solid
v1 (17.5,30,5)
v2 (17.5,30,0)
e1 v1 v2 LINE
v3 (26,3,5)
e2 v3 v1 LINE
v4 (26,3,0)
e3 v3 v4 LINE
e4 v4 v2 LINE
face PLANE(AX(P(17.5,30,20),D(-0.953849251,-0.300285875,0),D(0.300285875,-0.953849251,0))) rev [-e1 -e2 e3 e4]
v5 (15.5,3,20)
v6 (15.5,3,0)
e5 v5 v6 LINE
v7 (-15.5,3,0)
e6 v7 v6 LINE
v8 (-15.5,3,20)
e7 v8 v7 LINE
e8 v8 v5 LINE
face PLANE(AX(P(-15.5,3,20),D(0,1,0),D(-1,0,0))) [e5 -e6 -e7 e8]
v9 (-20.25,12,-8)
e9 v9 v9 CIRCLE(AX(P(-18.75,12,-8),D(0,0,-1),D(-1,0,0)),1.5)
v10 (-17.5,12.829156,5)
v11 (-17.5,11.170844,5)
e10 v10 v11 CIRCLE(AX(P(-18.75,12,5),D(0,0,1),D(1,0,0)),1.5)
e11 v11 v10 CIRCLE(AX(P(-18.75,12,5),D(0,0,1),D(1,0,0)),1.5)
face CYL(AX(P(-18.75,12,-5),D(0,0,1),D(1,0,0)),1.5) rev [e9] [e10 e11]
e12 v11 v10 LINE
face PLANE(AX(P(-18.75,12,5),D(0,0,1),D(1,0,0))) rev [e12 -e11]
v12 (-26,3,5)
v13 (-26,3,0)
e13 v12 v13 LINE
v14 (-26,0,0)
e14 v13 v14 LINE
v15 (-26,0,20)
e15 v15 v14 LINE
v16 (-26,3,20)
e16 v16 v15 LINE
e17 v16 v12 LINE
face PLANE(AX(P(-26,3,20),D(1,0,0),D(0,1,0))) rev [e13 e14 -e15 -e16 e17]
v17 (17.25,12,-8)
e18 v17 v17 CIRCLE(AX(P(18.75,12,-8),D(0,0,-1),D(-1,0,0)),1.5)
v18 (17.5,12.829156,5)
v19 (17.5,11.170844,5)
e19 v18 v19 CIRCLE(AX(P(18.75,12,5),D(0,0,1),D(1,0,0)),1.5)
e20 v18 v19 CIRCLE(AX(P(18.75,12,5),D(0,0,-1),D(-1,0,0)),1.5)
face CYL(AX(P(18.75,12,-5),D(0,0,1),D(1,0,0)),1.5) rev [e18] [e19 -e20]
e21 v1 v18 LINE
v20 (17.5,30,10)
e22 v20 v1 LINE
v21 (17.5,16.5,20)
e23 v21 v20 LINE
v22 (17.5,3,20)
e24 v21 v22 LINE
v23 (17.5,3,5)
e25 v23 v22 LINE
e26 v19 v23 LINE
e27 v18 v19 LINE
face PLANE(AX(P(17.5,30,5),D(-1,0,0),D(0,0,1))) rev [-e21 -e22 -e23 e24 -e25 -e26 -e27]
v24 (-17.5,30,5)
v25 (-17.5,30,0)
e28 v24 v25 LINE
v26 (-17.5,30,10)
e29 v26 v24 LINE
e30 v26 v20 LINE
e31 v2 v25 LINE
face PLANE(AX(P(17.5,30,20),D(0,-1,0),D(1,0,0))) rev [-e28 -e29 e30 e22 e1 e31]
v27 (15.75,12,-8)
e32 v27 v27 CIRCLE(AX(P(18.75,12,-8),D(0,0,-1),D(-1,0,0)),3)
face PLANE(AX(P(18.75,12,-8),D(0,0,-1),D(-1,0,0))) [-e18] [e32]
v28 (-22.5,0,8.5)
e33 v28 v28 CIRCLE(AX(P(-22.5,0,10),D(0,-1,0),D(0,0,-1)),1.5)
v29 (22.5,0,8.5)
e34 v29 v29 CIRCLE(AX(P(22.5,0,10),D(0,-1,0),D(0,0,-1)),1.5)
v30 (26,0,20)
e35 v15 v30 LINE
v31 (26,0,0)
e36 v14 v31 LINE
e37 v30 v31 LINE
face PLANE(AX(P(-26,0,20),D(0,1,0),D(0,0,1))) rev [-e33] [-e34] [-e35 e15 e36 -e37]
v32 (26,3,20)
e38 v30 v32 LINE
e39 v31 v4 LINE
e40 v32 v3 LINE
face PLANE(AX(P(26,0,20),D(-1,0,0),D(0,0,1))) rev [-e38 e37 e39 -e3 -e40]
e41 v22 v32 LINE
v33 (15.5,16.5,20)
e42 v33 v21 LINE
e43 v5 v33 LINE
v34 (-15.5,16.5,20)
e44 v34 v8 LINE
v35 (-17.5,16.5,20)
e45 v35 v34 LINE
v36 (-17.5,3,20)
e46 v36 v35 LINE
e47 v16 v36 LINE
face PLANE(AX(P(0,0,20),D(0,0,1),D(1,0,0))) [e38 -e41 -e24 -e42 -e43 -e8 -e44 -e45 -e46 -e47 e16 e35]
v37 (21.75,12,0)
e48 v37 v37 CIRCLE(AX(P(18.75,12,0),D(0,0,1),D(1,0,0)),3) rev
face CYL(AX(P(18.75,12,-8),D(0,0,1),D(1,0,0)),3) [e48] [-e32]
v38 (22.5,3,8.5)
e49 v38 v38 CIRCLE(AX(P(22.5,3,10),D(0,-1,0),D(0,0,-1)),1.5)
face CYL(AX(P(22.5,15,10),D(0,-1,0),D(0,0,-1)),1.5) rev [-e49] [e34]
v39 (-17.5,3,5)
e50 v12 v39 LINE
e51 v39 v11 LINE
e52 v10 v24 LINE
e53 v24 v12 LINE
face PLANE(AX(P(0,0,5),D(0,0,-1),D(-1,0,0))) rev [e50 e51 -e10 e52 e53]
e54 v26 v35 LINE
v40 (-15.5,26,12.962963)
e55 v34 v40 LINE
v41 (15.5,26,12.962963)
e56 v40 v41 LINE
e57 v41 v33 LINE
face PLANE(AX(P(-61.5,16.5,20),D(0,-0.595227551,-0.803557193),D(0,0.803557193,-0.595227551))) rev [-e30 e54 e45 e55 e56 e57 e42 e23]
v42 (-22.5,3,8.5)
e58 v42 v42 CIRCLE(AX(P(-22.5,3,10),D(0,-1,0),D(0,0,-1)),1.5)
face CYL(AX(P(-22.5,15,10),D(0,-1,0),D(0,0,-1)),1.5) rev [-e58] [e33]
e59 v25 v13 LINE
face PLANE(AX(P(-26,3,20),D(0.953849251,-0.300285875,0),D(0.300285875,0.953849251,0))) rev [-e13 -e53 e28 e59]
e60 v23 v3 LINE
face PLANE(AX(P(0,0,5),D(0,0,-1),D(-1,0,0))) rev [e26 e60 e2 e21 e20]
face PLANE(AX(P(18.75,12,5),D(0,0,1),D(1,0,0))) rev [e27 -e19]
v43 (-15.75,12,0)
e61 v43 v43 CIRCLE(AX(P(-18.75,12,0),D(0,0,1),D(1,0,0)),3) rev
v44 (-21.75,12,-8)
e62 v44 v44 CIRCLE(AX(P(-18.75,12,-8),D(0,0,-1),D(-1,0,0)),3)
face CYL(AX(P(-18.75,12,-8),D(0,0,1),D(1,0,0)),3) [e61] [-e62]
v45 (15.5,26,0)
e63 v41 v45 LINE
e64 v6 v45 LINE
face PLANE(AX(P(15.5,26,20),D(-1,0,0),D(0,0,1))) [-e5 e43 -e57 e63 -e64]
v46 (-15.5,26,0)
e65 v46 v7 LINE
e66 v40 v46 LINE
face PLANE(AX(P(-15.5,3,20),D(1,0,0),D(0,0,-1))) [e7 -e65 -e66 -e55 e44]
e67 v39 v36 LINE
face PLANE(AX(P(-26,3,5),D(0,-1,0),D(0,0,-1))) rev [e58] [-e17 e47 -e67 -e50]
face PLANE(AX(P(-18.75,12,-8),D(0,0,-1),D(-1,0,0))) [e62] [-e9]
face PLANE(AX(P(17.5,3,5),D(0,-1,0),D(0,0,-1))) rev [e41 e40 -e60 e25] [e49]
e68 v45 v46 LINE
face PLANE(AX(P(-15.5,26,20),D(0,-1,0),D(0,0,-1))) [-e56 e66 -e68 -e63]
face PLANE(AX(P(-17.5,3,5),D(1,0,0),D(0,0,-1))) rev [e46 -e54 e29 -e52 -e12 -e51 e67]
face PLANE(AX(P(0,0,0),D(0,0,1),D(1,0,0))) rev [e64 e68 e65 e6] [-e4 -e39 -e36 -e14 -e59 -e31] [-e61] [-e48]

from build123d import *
from build123d.topology import SkipClean

# Parameters (mm, degrees)
SKETCH_1_W          = 31
SKETCH_1_H          = 23
EXTRUDE_1_DEPTH     = 20
CUT_EXTRUDE_1_DEPTH = 46
CUT_EXTRUDE_2_DEPTH = 15
SKETCH_4_R          = 1.5
CUT_EXTRUDE_3_DEPTH = 15
SKETCH_5_R          = 1.5
CUT_EXTRUDE_4_DEPTH = 10
SKETCH_6_R          = 3
SKETCH_6_R_2        = 1.5
EXTRUDE_2_DEPTH     = 8


with BuildPart() as part:
    # 草图1 → 凸台-拉伸1 (new body)
    with BuildSketch(Plane.XY):
        Polygon((-26, 0), (26, 0), (26, 3), (17.5, 30), (-17.5, 30), (-26, 3), align=None)
        with Locations((0, 14.5)):
            Rectangle(SKETCH_1_W, SKETCH_1_H, mode=Mode.SUBTRACT)
    extrude(amount=EXTRUDE_1_DEPTH)

    # 草图2 → 切除-拉伸1 (cut, symmetric)
    with BuildSketch(Plane(origin=(-15.5, 0, 0), x_dir=(0, 0, -1), z_dir=(1, 0, 0))):
        Polygon((-20, 16.5), (-10, 30), (-20, 30), align=None)
    extrude(amount=CUT_EXTRUDE_1_DEPTH, both=True, mode=Mode.SUBTRACT)

    # 草图3 → 切除-拉伸2 (cut)
    with BuildSketch(Plane.XY.offset(20)):
        Polygon((17.5, 30), (17.5, 3), (26, 3), align=None)
        Polygon((-17.5, 30), (-26, 3), (-17.5, 3), align=None)
    extrude(amount=-CUT_EXTRUDE_2_DEPTH, mode=Mode.SUBTRACT)

    # 草图4 → 切除-拉伸3 (cut)
    with BuildSketch(Plane.XZ):
        with Locations(Location((-22.5, 10, 0), (0, 0, 270))):
            Circle(SKETCH_4_R)
        with Locations(Location((22.5, 10, 0), (0, 0, 270))):
            Circle(SKETCH_4_R)
    extrude(amount=-CUT_EXTRUDE_3_DEPTH, mode=Mode.SUBTRACT)

    # 草图5 → 切除-拉伸4 (cut)
    with BuildSketch(Plane.XY.offset(5)):
        with Locations((-18.75, 12)):
            Circle(SKETCH_5_R)
        with Locations((18.75, 12)):
            Circle(SKETCH_5_R)
    extrude(amount=-CUT_EXTRUDE_4_DEPTH, mode=Mode.SUBTRACT)

    # 草图6 → 凸台-拉伸2 (add)
    # profile 1 of 2: a face of its own
    with SkipClean():  # the faces are left unmerged after this step: merging them gives an invalid solid
        with BuildSketch(Plane(origin=(0, 0, 0), x_dir=(-1, 0, 0), z_dir=(0, 0, -1))):
            with Locations(Location((18.75, 12, 0), (0, 0, 180))):
                Circle(SKETCH_6_R)
            with Locations(Location((18.75, 12, 0), (0, 0, 146.442690238))):
                Circle(SKETCH_6_R_2, mode=Mode.SUBTRACT)
        # profile 2 of 2: a face of its own
        with BuildSketch(Plane(origin=(0, 0, 0), x_dir=(-1, 0, 0), z_dir=(0, 0, -1))):
            with Locations(Location((-18.75, 12, 0), (0, 0, 180))):
                Circle(SKETCH_6_R)
            with Locations(Location((-18.75, 12, 0), (0, 0, 33.557309762))):
                Circle(SKETCH_6_R_2, mode=Mode.SUBTRACT)
        extrude(amount=EXTRUDE_2_DEPTH)


solid = part.part
